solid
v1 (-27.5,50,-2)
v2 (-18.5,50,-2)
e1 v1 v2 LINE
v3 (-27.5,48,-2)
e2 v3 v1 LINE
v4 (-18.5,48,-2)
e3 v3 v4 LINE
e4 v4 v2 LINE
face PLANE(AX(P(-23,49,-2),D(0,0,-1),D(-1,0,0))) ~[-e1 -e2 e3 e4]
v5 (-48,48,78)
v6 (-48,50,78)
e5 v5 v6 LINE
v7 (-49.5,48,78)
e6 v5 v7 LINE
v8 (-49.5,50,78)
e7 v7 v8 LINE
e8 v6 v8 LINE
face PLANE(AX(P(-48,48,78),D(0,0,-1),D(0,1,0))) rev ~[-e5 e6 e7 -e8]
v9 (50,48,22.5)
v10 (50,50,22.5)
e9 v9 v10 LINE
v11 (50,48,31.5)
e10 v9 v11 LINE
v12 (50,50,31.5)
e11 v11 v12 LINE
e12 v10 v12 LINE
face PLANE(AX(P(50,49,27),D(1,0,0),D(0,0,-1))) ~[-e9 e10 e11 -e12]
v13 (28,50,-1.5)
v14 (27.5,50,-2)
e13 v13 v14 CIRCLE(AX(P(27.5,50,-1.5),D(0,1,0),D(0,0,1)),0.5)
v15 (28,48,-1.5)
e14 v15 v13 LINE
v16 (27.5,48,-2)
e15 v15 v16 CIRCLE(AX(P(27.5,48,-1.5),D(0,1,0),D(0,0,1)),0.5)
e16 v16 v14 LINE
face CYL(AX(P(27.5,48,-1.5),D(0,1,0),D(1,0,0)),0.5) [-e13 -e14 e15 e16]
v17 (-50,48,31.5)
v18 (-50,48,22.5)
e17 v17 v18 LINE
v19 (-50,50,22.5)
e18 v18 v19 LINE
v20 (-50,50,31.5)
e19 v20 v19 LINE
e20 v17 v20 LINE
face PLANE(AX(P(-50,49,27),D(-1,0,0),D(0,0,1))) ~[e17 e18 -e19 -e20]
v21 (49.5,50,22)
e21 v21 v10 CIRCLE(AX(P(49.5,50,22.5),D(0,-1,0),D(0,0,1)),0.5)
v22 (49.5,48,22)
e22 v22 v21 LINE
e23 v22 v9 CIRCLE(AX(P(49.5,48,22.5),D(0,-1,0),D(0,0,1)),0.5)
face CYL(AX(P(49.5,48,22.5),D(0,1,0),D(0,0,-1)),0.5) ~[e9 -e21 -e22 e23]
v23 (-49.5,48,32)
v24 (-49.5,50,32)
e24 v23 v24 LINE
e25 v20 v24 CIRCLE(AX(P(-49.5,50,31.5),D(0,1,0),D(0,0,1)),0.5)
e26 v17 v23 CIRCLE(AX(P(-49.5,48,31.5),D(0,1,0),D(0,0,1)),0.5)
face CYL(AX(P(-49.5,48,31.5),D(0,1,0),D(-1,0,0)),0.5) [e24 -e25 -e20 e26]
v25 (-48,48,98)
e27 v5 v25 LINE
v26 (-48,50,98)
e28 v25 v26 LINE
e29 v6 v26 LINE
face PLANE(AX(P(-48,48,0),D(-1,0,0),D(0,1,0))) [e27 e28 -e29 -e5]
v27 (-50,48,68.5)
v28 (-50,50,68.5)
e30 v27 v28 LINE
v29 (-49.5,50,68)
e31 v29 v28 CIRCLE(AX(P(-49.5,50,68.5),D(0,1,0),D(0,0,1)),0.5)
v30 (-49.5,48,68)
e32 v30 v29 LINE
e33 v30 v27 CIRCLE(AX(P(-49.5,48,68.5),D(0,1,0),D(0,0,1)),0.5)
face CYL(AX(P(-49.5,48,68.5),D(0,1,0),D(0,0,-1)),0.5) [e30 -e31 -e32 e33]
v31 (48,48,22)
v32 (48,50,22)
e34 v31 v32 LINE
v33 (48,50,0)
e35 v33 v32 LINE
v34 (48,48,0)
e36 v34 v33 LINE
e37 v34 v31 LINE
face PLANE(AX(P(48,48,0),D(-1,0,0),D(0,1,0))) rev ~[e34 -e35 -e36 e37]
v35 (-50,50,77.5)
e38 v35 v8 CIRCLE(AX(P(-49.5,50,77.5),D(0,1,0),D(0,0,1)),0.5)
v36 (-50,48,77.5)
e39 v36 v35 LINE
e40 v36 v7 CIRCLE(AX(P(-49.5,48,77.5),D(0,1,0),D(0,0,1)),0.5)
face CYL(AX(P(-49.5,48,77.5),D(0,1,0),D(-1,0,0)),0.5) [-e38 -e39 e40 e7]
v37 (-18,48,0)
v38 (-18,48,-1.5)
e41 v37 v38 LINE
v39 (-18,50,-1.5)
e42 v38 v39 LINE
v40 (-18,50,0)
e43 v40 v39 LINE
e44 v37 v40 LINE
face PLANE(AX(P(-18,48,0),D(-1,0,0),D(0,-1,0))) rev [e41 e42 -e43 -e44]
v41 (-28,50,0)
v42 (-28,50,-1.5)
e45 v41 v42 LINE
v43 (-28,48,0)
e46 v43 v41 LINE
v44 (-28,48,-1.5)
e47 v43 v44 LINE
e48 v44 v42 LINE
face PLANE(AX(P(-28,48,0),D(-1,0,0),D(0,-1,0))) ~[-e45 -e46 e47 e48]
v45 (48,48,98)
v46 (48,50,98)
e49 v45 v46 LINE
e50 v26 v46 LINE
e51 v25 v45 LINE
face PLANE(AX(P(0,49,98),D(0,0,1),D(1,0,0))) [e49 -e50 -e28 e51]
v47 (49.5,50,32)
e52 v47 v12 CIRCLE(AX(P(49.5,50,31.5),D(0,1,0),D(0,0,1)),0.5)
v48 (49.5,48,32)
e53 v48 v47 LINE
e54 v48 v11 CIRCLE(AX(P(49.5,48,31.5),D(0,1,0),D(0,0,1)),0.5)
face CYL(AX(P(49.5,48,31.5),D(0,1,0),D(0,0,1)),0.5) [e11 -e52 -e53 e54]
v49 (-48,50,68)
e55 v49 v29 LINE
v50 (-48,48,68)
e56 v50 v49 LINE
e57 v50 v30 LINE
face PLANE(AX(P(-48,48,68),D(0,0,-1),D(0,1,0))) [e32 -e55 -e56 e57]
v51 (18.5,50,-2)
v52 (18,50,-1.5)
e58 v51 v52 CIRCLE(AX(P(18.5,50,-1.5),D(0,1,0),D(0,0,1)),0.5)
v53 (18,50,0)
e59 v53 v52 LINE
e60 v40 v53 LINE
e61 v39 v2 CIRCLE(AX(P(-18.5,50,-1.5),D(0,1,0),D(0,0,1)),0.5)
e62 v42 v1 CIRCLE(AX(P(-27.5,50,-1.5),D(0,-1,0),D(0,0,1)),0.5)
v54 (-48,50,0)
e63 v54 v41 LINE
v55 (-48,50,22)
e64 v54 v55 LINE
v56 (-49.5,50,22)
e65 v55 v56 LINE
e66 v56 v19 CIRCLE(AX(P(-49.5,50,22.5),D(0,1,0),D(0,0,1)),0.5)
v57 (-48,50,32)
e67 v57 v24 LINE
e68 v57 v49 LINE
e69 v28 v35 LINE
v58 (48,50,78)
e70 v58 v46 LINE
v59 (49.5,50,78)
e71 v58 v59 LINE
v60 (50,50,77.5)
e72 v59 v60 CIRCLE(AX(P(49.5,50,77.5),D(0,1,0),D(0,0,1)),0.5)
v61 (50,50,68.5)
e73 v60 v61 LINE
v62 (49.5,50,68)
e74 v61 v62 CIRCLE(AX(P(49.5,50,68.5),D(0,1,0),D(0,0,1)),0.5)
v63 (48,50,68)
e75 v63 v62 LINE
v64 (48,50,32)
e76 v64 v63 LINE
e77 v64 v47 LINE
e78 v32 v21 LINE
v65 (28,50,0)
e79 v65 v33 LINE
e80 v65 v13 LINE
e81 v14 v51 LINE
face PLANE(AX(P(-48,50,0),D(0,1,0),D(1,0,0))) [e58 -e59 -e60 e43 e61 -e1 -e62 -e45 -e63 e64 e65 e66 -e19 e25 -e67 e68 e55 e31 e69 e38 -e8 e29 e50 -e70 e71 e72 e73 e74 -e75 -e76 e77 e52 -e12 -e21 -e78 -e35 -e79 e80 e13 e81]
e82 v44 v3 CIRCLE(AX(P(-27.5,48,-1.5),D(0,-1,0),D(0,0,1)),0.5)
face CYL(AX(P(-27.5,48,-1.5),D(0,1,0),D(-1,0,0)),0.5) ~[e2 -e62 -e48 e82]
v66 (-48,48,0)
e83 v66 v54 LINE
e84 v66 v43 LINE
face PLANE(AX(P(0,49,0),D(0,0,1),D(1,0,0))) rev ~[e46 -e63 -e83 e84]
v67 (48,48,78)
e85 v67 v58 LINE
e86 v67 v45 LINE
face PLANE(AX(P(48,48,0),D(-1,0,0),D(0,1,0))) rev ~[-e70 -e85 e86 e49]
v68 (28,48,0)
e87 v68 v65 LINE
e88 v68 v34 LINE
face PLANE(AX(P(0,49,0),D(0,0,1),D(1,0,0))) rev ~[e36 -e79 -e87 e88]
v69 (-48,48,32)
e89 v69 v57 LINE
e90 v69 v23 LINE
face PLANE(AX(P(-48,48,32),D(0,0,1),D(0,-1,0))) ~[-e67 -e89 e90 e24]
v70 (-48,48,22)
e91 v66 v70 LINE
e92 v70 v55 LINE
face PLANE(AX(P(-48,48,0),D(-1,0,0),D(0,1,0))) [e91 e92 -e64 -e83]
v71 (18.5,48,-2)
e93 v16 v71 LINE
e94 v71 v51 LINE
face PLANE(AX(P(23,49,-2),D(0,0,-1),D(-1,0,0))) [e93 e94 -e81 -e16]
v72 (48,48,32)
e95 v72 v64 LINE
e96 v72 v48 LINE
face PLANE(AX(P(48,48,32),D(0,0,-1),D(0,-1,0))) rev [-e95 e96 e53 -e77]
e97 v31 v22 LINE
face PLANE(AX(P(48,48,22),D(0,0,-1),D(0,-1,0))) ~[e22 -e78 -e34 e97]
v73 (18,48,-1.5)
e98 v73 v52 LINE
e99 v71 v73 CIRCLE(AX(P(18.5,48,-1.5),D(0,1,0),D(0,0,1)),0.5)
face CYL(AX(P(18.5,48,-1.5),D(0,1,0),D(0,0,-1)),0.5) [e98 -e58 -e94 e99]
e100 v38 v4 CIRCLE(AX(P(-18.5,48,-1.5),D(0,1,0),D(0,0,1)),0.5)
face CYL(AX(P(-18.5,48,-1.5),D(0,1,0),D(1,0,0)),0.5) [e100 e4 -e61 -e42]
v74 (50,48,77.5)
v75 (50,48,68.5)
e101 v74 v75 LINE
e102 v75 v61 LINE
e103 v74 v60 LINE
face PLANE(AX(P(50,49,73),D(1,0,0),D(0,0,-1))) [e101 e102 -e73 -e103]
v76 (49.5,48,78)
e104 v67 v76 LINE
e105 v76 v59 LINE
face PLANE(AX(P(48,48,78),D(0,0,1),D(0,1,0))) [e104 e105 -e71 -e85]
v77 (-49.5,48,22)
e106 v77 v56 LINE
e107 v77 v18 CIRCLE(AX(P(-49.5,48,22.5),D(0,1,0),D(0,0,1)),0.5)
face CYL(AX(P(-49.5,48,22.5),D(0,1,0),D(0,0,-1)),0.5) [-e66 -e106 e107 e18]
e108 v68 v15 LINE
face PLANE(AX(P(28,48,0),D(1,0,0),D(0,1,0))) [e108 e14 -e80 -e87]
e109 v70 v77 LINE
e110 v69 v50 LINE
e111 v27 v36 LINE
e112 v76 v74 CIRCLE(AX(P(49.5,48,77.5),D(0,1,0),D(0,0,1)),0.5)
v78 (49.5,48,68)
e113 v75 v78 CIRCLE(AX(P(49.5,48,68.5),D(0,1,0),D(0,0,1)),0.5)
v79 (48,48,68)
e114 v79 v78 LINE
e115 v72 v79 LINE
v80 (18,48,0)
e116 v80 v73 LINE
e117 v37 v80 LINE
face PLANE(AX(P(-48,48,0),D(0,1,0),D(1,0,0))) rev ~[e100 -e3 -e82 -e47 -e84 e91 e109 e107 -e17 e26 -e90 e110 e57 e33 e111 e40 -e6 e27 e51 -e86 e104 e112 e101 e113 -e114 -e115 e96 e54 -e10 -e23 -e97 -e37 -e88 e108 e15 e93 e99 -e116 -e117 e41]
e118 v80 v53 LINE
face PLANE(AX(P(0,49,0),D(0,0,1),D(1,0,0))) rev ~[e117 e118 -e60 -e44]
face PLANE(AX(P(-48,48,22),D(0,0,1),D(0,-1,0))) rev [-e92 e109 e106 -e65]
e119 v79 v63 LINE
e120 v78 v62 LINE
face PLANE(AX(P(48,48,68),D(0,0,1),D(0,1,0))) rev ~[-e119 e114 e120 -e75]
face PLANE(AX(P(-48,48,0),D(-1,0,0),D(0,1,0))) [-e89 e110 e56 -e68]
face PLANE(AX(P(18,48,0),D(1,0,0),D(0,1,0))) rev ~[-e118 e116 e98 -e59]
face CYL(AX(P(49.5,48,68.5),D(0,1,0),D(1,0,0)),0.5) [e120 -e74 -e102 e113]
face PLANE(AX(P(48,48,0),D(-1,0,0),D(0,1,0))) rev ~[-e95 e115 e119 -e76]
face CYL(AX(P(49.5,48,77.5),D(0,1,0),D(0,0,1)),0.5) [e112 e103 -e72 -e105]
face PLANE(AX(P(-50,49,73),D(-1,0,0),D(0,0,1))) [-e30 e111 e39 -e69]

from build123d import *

# Parameters (mm, degrees)
SKETCH1_W           = 96
SKETCH1_H           = 2
BOSS_EXTRUDE1_DEPTH = 98
SKETCH2_W           = 10
SKETCH2_H           = 2
BOSS_EXTRUDE2_DEPTH = 2
SKETCH3_W           = 10
SKETCH3_H           = 2
BOSS_EXTRUDE3_DEPTH = 2
SKETCH4_W           = 10
SKETCH4_H           = 2
BOSS_EXTRUDE4_DEPTH = 2
FILLET1_R           = 0.5


with BuildPart() as part:
    # Sketch1 → Boss-Extrude1 (new body)
    with BuildSketch(Plane.XY):
        with Locations((0, 49)):
            Rectangle(SKETCH1_W, SKETCH1_H)
    extrude(amount=BOSS_EXTRUDE1_DEPTH)

    # Sketch2 → Boss-Extrude2 (add)
    with BuildSketch(Plane(origin=(0, 0, 0), x_dir=(-1, 0, 0), z_dir=(0, 0, -1))):
        with Locations((-23, 49)):
            Rectangle(SKETCH2_W, SKETCH2_H)
    boss_extrude2 = extrude(amount=BOSS_EXTRUDE2_DEPTH)

    # Mirror1: Boss-Extrude2 across plane
    add(boss_extrude2.mirror(Plane(origin=(0, 0, 0), x_dir=(0, 0, 1), z_dir=(1, 0, 0))))

    # Sketch3 → Boss-Extrude3 (add)
    with BuildSketch(Plane.ZY.offset(48)):
        with Locations((73, 49)):
            Rectangle(SKETCH3_W, SKETCH3_H)
    boss_extrude3 = extrude(amount=BOSS_EXTRUDE3_DEPTH)

    # Mirror2: Boss-Extrude3 across plane
    add(boss_extrude3.mirror(Plane.XY.offset(50)))

    # Sketch4 → Boss-Extrude4 (add)
    with BuildSketch(Plane(origin=(48, 0, 0), x_dir=(0, 0, -1), z_dir=(1, 0, 0))):
        with Locations((-73, 49)):
            Rectangle(SKETCH4_W, SKETCH4_H)
    boss_extrude4 = extrude(amount=BOSS_EXTRUDE4_DEPTH)

    # Mirror3: Boss-Extrude4 across plane
    add(boss_extrude4.mirror(Plane.XY.offset(50)))

    # Fillet1
    fillet1_edges = [part.edges().sort_by_distance(p)[0] for p in [
        (18, 49, -2),
        (28, 49, -2),
        (-28, 49, -2),
        (-18, 49, -2),
        (-50, 49, 68),
        (-50, 49, 78),
        (-50, 49, 22),
        (-50, 49, 32),
        (50, 49, 78),
        (50, 49, 68),
        (50, 49, 32),
        (50, 49, 22),
    ]]
    fillet(fillet1_edges, radius=FILLET1_R)


solid = part.part
